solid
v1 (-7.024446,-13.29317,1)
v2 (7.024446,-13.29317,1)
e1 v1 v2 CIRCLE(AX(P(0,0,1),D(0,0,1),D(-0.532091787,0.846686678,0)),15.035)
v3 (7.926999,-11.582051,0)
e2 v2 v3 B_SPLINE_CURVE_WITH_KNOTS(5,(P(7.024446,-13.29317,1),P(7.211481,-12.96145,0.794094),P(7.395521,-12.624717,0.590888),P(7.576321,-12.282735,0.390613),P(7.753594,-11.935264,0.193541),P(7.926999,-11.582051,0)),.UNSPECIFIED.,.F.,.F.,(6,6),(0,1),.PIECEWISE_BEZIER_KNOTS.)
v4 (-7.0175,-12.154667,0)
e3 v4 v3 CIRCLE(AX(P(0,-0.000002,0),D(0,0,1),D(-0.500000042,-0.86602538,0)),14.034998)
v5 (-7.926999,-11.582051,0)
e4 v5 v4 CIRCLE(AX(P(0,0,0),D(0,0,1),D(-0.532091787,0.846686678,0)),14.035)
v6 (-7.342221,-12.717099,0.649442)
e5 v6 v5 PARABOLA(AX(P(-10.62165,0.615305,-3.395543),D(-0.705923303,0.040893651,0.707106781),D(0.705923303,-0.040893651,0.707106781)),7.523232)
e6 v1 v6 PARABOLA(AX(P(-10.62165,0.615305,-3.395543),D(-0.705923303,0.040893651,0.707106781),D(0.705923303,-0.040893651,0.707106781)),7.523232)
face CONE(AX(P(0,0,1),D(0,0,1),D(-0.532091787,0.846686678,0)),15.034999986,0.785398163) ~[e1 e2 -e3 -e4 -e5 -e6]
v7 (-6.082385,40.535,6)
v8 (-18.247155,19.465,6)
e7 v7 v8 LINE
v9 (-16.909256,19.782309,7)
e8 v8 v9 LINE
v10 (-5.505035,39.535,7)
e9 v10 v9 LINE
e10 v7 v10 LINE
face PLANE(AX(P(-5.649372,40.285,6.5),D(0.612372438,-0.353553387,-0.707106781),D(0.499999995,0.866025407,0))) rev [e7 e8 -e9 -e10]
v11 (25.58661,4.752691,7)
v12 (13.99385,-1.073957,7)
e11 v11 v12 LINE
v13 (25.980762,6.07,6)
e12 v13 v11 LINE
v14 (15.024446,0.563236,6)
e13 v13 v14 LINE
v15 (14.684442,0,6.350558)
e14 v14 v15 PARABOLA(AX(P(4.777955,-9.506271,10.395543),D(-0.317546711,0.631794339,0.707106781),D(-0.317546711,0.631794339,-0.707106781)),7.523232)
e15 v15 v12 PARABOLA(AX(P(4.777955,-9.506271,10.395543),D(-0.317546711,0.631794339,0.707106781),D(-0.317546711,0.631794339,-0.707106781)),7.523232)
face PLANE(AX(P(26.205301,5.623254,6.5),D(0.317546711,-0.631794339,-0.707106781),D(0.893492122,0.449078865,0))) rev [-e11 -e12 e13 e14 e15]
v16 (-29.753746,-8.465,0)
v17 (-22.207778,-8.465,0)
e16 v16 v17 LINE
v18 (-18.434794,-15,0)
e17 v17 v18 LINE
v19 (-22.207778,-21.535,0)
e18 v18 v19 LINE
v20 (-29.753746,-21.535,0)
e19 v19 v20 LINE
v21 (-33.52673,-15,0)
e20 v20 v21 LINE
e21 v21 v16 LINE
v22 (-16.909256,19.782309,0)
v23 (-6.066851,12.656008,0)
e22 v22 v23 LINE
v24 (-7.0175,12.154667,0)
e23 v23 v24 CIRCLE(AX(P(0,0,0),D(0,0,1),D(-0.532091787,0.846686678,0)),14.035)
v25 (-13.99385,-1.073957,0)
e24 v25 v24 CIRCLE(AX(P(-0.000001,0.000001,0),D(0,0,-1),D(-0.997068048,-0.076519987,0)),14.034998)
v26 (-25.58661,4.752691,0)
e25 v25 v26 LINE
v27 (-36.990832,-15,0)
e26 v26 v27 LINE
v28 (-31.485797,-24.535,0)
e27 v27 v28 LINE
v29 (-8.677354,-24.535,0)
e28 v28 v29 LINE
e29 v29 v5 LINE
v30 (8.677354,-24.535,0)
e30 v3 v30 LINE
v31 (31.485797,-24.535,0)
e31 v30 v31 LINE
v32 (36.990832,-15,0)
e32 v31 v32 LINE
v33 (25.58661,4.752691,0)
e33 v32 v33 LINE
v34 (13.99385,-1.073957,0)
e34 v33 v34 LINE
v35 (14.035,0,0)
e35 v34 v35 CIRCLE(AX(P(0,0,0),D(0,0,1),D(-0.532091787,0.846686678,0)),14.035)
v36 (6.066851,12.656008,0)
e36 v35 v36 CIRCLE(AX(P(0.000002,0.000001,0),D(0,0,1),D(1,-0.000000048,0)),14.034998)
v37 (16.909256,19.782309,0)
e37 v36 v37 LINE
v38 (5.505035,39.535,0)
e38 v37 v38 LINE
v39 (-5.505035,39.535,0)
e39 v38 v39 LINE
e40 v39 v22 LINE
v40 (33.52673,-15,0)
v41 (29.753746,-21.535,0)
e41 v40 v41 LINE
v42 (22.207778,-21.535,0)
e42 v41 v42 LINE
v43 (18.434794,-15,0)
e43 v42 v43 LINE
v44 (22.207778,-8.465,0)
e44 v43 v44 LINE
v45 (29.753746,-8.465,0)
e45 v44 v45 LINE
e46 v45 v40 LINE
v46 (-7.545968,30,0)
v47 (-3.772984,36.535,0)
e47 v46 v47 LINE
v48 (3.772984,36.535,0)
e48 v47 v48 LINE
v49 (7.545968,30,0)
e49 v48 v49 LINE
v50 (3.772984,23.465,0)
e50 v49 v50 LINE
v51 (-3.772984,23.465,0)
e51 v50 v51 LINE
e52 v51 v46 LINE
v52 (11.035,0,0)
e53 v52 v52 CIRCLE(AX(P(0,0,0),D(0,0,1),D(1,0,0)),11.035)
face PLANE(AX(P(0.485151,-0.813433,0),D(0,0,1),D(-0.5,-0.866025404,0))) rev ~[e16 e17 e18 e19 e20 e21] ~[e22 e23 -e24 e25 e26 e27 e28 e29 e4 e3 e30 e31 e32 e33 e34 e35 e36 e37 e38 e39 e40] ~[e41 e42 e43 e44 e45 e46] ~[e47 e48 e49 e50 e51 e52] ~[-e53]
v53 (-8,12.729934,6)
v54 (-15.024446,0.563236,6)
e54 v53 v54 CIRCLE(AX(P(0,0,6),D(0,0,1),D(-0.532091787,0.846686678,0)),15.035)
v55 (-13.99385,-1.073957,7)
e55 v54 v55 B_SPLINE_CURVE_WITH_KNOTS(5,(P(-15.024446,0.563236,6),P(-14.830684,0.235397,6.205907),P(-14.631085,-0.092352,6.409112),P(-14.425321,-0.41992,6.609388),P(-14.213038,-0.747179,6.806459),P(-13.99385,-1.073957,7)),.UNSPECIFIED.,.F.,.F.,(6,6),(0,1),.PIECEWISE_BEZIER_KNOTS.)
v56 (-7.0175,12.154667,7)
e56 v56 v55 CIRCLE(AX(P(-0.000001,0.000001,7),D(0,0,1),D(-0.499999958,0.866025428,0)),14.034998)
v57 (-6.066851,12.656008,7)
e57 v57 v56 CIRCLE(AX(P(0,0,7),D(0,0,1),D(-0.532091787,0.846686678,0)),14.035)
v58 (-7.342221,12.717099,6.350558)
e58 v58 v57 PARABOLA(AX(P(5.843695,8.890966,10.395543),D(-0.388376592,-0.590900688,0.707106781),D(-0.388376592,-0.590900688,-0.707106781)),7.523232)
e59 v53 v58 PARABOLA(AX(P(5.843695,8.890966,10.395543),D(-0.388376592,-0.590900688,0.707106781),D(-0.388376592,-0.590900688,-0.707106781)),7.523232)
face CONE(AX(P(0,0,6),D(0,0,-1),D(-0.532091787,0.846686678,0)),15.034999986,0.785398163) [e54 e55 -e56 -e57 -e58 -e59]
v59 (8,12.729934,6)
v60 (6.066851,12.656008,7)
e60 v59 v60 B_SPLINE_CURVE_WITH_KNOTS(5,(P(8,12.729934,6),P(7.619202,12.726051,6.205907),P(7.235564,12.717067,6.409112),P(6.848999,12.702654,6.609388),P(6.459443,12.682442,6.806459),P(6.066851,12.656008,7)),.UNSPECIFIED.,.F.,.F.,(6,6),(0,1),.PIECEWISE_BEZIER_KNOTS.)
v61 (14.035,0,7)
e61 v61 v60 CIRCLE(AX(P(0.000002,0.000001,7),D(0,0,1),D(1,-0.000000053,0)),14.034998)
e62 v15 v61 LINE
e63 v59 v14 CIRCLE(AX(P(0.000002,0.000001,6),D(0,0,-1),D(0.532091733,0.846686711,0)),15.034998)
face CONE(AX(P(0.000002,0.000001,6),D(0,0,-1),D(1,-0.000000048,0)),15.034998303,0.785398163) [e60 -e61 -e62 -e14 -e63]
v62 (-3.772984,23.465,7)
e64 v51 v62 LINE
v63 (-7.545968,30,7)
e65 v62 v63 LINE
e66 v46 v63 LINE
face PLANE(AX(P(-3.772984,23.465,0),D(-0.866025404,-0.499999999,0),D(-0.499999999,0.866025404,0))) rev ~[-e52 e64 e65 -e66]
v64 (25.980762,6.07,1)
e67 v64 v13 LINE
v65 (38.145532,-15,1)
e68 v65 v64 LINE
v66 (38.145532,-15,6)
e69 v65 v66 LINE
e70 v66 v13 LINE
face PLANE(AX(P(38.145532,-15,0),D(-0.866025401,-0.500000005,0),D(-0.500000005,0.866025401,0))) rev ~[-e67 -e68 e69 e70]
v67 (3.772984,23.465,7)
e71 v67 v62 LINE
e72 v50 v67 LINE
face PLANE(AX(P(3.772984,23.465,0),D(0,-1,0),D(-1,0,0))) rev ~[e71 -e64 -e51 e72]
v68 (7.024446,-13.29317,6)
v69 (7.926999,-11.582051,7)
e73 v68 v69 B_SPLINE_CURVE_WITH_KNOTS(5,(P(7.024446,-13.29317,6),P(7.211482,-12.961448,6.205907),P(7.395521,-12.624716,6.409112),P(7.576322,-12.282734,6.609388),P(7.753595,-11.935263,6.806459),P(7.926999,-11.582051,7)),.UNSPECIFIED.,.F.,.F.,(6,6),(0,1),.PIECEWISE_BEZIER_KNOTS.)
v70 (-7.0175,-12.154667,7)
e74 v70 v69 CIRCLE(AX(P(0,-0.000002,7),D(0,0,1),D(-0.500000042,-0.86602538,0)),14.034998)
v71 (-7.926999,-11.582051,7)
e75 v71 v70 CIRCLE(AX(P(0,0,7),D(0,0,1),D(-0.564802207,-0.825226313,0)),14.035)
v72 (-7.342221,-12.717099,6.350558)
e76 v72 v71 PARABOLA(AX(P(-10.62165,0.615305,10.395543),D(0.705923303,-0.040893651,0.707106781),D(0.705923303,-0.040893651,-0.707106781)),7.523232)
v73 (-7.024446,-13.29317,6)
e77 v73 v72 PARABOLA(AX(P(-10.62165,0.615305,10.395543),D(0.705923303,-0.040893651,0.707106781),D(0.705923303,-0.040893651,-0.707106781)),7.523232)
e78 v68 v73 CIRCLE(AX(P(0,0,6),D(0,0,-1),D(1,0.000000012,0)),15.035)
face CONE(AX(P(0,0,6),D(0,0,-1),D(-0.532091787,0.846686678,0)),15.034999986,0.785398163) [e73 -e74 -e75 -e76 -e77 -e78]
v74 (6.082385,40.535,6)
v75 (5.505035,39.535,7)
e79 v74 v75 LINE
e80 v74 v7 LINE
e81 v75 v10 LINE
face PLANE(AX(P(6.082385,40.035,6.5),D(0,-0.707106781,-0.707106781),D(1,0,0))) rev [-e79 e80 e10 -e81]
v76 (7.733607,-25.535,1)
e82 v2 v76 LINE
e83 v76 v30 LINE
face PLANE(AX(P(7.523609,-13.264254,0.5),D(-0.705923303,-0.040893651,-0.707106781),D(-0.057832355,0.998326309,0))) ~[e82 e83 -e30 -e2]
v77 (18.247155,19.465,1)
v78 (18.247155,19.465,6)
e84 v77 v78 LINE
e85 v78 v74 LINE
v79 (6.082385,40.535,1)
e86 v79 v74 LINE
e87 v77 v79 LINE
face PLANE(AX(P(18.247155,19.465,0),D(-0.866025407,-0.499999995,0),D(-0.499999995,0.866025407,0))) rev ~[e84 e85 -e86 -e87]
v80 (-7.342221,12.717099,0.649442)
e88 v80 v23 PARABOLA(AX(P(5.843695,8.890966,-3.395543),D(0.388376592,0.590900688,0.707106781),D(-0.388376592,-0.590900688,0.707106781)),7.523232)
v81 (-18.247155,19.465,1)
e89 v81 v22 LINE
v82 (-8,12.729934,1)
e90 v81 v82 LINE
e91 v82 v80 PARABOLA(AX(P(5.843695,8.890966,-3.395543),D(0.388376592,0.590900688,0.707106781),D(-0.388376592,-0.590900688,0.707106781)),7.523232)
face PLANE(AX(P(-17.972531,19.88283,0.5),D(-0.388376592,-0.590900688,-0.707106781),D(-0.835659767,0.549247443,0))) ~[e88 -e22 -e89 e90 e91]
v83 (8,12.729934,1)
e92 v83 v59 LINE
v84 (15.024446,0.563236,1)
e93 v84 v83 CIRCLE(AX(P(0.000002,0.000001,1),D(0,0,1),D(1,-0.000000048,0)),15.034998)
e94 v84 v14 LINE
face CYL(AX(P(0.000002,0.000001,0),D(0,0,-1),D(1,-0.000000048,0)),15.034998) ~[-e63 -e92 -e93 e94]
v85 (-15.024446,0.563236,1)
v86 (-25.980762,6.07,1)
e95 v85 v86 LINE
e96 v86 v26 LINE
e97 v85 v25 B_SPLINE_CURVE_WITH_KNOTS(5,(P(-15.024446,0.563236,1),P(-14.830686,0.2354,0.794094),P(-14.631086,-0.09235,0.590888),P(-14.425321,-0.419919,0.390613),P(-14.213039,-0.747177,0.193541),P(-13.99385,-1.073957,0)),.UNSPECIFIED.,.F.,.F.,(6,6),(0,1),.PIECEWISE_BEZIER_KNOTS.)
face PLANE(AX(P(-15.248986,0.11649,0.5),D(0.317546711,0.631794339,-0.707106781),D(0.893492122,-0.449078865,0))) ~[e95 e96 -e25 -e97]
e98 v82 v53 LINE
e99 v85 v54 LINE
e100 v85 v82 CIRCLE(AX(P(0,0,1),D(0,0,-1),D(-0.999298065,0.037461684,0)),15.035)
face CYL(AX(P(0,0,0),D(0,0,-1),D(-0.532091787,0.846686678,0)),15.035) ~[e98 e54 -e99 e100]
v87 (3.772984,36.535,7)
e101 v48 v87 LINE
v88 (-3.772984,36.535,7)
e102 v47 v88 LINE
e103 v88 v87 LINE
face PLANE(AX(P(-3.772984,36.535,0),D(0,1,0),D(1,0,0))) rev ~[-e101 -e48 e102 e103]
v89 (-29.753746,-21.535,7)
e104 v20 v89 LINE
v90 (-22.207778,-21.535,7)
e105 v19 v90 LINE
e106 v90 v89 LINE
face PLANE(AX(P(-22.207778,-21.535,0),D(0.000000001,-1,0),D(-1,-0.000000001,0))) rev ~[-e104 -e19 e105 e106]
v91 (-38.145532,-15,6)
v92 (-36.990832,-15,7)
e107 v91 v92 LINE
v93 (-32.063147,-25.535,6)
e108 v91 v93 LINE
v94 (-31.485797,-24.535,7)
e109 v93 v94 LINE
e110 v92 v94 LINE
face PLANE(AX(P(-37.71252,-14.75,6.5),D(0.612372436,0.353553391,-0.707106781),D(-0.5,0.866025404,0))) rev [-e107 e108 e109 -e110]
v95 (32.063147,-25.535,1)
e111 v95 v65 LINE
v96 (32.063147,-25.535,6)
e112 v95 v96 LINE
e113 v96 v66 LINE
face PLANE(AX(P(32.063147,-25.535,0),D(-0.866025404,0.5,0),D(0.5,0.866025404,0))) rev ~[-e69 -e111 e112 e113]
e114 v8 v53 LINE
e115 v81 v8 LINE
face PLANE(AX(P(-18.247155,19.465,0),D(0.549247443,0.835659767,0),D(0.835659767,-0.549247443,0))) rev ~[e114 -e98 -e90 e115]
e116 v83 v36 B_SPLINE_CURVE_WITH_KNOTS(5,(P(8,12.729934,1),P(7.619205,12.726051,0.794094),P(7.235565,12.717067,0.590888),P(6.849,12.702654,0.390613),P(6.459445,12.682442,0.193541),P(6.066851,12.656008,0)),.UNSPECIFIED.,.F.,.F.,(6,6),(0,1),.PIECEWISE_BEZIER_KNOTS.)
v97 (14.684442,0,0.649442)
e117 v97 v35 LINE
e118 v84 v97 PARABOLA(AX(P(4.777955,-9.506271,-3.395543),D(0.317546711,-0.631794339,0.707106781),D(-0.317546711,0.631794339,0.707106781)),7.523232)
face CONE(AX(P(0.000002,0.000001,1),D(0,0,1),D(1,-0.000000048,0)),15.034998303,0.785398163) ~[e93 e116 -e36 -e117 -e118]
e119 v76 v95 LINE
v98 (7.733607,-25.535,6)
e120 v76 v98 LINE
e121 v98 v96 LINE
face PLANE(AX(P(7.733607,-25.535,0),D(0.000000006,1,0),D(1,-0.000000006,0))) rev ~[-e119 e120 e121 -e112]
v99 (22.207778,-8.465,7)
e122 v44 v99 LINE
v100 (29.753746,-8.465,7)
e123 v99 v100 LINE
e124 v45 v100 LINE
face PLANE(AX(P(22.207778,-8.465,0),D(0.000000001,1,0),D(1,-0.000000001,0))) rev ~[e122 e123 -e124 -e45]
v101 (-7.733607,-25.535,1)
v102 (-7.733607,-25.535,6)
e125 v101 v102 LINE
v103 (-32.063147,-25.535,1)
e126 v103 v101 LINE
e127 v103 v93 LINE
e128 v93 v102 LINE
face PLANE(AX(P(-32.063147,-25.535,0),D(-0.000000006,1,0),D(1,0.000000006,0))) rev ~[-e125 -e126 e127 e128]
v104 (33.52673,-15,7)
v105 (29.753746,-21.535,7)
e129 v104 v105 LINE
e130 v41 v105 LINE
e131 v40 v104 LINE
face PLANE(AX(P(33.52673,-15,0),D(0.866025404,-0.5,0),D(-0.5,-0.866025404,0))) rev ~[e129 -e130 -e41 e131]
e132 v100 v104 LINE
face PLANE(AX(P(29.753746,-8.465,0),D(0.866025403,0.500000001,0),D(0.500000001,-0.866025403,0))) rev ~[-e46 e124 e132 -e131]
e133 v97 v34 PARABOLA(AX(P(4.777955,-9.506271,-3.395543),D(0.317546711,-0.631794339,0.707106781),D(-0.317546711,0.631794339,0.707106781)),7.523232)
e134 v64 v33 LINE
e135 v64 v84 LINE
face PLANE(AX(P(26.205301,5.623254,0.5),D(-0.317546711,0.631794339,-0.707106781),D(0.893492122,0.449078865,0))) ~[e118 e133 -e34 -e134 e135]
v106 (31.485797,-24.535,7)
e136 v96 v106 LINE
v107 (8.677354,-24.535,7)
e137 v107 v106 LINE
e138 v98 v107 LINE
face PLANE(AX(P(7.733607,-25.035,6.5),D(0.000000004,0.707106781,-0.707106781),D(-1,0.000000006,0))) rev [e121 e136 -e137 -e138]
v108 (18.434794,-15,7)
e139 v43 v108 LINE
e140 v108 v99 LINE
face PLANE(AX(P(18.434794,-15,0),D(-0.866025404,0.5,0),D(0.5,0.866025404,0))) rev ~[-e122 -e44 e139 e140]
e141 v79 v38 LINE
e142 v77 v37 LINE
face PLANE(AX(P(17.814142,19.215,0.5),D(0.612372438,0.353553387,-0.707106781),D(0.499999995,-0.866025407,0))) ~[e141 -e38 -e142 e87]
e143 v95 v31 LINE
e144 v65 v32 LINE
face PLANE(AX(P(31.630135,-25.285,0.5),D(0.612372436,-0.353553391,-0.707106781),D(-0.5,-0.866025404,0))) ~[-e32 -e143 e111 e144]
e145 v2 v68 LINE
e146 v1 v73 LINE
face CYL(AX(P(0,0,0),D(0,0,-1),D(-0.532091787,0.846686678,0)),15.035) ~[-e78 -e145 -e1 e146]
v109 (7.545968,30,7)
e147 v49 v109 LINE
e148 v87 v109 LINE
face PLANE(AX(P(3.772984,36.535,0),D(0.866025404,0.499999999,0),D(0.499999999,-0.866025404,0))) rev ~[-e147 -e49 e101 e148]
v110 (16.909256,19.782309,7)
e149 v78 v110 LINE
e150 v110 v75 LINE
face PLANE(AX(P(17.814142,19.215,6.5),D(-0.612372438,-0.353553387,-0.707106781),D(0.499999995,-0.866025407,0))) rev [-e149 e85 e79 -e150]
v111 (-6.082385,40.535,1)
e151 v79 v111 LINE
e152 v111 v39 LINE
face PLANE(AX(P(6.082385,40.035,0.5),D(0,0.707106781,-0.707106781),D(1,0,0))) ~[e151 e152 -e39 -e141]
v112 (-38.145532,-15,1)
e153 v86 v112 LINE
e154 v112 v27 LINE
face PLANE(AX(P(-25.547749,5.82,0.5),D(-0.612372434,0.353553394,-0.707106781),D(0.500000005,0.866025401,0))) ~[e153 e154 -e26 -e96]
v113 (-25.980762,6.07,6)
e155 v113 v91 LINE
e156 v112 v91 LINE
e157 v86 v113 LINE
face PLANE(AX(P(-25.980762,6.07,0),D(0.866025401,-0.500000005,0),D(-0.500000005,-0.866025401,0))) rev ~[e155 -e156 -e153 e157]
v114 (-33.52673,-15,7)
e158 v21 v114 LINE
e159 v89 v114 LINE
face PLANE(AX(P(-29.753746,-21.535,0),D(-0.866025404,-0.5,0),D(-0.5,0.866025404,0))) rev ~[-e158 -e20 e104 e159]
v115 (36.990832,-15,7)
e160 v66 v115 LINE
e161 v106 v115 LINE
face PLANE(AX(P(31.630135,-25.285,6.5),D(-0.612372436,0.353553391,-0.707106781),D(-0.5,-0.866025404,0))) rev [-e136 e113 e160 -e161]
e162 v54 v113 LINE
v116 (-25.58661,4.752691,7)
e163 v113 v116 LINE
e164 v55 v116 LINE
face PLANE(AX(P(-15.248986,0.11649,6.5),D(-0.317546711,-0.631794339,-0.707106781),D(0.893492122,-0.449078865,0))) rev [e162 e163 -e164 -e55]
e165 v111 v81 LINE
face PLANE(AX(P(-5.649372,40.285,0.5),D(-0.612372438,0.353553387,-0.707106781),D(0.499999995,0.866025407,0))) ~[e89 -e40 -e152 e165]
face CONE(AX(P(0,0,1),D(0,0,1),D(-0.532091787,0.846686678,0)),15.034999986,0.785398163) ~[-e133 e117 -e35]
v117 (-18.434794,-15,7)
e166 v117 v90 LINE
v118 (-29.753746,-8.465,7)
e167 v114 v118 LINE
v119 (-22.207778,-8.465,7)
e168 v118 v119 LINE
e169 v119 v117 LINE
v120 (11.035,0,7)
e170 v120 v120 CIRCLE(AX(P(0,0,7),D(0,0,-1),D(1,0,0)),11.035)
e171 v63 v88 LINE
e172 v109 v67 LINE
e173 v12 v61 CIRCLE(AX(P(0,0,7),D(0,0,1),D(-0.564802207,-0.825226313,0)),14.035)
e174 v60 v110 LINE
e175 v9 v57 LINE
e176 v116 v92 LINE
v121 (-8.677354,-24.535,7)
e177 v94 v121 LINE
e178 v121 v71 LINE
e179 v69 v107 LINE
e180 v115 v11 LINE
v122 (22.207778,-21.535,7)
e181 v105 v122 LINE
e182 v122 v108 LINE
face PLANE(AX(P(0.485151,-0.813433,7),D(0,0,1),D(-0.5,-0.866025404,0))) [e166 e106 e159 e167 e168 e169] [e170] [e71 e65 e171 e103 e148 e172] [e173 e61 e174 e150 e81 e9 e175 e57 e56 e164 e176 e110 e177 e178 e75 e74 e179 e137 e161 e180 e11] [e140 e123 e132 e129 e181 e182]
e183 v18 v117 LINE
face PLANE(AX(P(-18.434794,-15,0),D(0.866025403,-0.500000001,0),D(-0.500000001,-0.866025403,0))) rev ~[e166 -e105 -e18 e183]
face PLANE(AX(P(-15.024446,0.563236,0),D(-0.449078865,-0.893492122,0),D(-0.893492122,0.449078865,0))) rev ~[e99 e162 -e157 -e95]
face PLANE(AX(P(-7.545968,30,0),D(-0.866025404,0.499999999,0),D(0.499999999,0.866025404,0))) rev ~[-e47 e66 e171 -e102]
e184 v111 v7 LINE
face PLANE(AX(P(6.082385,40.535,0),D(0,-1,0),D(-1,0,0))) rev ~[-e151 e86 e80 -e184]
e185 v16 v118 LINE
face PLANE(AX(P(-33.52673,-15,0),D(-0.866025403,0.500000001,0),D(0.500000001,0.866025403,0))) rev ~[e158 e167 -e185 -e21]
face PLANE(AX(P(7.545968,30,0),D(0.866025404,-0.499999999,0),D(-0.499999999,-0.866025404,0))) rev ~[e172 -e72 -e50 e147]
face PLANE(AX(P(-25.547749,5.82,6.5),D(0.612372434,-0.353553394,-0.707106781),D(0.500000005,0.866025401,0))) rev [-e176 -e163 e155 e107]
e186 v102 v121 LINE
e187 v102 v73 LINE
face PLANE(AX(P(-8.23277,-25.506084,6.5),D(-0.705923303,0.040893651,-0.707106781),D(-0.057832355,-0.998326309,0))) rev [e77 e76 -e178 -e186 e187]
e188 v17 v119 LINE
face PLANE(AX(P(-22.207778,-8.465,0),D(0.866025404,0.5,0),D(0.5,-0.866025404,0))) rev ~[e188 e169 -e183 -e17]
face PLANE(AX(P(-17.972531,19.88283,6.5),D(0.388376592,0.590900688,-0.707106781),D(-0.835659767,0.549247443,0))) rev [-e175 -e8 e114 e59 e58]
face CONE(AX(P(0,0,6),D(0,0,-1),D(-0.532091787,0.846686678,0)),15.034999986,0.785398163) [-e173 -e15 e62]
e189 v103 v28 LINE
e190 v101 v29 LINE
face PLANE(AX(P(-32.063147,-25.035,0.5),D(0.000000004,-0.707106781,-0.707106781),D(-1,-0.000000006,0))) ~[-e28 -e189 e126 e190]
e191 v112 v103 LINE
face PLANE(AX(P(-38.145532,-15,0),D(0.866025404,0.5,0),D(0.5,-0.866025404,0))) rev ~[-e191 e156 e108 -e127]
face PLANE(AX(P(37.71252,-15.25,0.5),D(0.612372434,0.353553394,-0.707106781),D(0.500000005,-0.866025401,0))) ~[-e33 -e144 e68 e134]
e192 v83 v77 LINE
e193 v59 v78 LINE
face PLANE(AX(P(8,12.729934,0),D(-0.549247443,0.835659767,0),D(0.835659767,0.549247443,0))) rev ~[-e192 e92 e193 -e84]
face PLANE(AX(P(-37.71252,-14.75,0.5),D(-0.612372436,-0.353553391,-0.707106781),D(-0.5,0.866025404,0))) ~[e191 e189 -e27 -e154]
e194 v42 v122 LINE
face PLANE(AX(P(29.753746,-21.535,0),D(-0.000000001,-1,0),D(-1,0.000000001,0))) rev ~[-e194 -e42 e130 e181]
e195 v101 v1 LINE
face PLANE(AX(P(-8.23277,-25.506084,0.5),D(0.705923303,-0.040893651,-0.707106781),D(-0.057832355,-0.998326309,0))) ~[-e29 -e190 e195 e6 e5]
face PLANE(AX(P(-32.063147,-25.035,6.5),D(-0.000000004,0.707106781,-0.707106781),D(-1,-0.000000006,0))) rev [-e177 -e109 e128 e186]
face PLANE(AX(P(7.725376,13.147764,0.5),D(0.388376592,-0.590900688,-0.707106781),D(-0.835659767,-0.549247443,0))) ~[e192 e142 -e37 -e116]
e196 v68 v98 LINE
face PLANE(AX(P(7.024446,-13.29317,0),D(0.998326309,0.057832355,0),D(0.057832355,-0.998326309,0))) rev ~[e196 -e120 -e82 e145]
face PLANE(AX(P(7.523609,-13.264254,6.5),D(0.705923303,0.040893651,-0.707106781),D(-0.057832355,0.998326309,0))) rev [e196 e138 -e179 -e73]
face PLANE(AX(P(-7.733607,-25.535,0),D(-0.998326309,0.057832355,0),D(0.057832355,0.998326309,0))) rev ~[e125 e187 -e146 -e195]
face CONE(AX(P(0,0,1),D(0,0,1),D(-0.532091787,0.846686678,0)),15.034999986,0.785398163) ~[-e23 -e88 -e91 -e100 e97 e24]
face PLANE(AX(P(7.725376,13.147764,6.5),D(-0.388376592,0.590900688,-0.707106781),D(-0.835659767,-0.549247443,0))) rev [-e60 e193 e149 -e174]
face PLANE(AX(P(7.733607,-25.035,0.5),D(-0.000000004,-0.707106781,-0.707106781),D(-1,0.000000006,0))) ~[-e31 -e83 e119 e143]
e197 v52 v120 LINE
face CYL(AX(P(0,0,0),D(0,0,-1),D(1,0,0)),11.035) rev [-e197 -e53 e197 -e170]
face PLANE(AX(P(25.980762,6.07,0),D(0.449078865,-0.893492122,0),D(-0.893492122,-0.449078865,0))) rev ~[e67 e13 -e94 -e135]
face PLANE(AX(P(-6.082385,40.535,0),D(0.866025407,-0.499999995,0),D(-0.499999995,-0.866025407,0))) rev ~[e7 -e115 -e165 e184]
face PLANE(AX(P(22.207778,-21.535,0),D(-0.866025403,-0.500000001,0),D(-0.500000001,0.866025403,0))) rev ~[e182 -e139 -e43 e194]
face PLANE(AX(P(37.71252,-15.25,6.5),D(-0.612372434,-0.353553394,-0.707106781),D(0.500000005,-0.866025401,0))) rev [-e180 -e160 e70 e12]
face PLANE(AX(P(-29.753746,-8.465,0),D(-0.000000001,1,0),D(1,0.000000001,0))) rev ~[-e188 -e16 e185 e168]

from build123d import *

# Parameters (mm, degrees)
F0_R     = 11.035
F2_DEPTH = 7
F3_SIZE  = 1
F4_COUNT = 3


with BuildPart() as f2:
    # F0 (on Top) → F2 (new body)
    with BuildSketch(Plane.XY):
        with BuildLine():
            ThreePointArc((-8, 12.729934), (-7.272249, -13.159241), (15.035, 0))
            ThreePointArc((15.035, 0), (13.159241, 7.272249), (8, 12.729934))
            ThreePointArc((8, 12.729934), (0, 15.035), (-8, 12.729934))
        make_face()
        Circle(F0_R, mode=Mode.SUBTRACT)
        Polygon((6.082385, 19.465), (12.16477, 30), (6.082385, 40.535), (-6.082385, 40.535), (-12.16477, 30), (-6.082385, 19.465), align=None)
        Polygon((7.545968, 30), (3.772984, 23.465), (-3.772984, 23.465), (-7.545968, 30), (-3.772984, 36.535), (3.772984, 36.535), align=None, mode=Mode.SUBTRACT)
        with BuildLine():
            ThreePointArc((-8, 12.729934), (0, 15.035), (8, 12.729934))
            Line((8, 12.729934), (18.247155, 19.465))
            Line((18.247155, 19.465), (12.16477, 30))
            Line((12.16477, 30), (6.082385, 19.465))
            Line((6.082385, 19.465), (-6.082385, 19.465))
            Line((-6.082385, 19.465), (-12.16477, 30))
            Line((-12.16477, 30), (-18.247155, 19.465))
            Line((-18.247155, 19.465), (-8, 12.729934))
        make_face()
    extrude(amount=F2_DEPTH)

    # F3
    f3_edges = [f2.edges().sort_by_distance(p)[0] for p in [
        (12.16477, 30, 7),
        (0, 40.535, 7),
        (-12.16477, 30, 0),
        (13.123578, 16.097467, 7),
        (-13.123578, 16.097467, 7),
        (13.123578, 16.097467, 0),
        (12.16477, 30, 0),
        (0, 40.535, 0),
        (-12.16477, 30, 7),
        (-7.272249, -13.159241, 0),
        (-7.272249, -13.159241, 7),
        (-13.123578, 16.097467, 0),
    ]]
    chamfer(f3_edges, length=F3_SIZE)

    # F4: F2 ×3 about axis
    f4_axis = Axis((0, 0, 32.696605), (0, 0, 1))


with BuildPart() as f2_1:
    add(f2.part)
    for i in range(1, F4_COUNT):
        add(f2.part.rotate(f4_axis, i * 360 / F4_COUNT))


solid = f2_1.part
